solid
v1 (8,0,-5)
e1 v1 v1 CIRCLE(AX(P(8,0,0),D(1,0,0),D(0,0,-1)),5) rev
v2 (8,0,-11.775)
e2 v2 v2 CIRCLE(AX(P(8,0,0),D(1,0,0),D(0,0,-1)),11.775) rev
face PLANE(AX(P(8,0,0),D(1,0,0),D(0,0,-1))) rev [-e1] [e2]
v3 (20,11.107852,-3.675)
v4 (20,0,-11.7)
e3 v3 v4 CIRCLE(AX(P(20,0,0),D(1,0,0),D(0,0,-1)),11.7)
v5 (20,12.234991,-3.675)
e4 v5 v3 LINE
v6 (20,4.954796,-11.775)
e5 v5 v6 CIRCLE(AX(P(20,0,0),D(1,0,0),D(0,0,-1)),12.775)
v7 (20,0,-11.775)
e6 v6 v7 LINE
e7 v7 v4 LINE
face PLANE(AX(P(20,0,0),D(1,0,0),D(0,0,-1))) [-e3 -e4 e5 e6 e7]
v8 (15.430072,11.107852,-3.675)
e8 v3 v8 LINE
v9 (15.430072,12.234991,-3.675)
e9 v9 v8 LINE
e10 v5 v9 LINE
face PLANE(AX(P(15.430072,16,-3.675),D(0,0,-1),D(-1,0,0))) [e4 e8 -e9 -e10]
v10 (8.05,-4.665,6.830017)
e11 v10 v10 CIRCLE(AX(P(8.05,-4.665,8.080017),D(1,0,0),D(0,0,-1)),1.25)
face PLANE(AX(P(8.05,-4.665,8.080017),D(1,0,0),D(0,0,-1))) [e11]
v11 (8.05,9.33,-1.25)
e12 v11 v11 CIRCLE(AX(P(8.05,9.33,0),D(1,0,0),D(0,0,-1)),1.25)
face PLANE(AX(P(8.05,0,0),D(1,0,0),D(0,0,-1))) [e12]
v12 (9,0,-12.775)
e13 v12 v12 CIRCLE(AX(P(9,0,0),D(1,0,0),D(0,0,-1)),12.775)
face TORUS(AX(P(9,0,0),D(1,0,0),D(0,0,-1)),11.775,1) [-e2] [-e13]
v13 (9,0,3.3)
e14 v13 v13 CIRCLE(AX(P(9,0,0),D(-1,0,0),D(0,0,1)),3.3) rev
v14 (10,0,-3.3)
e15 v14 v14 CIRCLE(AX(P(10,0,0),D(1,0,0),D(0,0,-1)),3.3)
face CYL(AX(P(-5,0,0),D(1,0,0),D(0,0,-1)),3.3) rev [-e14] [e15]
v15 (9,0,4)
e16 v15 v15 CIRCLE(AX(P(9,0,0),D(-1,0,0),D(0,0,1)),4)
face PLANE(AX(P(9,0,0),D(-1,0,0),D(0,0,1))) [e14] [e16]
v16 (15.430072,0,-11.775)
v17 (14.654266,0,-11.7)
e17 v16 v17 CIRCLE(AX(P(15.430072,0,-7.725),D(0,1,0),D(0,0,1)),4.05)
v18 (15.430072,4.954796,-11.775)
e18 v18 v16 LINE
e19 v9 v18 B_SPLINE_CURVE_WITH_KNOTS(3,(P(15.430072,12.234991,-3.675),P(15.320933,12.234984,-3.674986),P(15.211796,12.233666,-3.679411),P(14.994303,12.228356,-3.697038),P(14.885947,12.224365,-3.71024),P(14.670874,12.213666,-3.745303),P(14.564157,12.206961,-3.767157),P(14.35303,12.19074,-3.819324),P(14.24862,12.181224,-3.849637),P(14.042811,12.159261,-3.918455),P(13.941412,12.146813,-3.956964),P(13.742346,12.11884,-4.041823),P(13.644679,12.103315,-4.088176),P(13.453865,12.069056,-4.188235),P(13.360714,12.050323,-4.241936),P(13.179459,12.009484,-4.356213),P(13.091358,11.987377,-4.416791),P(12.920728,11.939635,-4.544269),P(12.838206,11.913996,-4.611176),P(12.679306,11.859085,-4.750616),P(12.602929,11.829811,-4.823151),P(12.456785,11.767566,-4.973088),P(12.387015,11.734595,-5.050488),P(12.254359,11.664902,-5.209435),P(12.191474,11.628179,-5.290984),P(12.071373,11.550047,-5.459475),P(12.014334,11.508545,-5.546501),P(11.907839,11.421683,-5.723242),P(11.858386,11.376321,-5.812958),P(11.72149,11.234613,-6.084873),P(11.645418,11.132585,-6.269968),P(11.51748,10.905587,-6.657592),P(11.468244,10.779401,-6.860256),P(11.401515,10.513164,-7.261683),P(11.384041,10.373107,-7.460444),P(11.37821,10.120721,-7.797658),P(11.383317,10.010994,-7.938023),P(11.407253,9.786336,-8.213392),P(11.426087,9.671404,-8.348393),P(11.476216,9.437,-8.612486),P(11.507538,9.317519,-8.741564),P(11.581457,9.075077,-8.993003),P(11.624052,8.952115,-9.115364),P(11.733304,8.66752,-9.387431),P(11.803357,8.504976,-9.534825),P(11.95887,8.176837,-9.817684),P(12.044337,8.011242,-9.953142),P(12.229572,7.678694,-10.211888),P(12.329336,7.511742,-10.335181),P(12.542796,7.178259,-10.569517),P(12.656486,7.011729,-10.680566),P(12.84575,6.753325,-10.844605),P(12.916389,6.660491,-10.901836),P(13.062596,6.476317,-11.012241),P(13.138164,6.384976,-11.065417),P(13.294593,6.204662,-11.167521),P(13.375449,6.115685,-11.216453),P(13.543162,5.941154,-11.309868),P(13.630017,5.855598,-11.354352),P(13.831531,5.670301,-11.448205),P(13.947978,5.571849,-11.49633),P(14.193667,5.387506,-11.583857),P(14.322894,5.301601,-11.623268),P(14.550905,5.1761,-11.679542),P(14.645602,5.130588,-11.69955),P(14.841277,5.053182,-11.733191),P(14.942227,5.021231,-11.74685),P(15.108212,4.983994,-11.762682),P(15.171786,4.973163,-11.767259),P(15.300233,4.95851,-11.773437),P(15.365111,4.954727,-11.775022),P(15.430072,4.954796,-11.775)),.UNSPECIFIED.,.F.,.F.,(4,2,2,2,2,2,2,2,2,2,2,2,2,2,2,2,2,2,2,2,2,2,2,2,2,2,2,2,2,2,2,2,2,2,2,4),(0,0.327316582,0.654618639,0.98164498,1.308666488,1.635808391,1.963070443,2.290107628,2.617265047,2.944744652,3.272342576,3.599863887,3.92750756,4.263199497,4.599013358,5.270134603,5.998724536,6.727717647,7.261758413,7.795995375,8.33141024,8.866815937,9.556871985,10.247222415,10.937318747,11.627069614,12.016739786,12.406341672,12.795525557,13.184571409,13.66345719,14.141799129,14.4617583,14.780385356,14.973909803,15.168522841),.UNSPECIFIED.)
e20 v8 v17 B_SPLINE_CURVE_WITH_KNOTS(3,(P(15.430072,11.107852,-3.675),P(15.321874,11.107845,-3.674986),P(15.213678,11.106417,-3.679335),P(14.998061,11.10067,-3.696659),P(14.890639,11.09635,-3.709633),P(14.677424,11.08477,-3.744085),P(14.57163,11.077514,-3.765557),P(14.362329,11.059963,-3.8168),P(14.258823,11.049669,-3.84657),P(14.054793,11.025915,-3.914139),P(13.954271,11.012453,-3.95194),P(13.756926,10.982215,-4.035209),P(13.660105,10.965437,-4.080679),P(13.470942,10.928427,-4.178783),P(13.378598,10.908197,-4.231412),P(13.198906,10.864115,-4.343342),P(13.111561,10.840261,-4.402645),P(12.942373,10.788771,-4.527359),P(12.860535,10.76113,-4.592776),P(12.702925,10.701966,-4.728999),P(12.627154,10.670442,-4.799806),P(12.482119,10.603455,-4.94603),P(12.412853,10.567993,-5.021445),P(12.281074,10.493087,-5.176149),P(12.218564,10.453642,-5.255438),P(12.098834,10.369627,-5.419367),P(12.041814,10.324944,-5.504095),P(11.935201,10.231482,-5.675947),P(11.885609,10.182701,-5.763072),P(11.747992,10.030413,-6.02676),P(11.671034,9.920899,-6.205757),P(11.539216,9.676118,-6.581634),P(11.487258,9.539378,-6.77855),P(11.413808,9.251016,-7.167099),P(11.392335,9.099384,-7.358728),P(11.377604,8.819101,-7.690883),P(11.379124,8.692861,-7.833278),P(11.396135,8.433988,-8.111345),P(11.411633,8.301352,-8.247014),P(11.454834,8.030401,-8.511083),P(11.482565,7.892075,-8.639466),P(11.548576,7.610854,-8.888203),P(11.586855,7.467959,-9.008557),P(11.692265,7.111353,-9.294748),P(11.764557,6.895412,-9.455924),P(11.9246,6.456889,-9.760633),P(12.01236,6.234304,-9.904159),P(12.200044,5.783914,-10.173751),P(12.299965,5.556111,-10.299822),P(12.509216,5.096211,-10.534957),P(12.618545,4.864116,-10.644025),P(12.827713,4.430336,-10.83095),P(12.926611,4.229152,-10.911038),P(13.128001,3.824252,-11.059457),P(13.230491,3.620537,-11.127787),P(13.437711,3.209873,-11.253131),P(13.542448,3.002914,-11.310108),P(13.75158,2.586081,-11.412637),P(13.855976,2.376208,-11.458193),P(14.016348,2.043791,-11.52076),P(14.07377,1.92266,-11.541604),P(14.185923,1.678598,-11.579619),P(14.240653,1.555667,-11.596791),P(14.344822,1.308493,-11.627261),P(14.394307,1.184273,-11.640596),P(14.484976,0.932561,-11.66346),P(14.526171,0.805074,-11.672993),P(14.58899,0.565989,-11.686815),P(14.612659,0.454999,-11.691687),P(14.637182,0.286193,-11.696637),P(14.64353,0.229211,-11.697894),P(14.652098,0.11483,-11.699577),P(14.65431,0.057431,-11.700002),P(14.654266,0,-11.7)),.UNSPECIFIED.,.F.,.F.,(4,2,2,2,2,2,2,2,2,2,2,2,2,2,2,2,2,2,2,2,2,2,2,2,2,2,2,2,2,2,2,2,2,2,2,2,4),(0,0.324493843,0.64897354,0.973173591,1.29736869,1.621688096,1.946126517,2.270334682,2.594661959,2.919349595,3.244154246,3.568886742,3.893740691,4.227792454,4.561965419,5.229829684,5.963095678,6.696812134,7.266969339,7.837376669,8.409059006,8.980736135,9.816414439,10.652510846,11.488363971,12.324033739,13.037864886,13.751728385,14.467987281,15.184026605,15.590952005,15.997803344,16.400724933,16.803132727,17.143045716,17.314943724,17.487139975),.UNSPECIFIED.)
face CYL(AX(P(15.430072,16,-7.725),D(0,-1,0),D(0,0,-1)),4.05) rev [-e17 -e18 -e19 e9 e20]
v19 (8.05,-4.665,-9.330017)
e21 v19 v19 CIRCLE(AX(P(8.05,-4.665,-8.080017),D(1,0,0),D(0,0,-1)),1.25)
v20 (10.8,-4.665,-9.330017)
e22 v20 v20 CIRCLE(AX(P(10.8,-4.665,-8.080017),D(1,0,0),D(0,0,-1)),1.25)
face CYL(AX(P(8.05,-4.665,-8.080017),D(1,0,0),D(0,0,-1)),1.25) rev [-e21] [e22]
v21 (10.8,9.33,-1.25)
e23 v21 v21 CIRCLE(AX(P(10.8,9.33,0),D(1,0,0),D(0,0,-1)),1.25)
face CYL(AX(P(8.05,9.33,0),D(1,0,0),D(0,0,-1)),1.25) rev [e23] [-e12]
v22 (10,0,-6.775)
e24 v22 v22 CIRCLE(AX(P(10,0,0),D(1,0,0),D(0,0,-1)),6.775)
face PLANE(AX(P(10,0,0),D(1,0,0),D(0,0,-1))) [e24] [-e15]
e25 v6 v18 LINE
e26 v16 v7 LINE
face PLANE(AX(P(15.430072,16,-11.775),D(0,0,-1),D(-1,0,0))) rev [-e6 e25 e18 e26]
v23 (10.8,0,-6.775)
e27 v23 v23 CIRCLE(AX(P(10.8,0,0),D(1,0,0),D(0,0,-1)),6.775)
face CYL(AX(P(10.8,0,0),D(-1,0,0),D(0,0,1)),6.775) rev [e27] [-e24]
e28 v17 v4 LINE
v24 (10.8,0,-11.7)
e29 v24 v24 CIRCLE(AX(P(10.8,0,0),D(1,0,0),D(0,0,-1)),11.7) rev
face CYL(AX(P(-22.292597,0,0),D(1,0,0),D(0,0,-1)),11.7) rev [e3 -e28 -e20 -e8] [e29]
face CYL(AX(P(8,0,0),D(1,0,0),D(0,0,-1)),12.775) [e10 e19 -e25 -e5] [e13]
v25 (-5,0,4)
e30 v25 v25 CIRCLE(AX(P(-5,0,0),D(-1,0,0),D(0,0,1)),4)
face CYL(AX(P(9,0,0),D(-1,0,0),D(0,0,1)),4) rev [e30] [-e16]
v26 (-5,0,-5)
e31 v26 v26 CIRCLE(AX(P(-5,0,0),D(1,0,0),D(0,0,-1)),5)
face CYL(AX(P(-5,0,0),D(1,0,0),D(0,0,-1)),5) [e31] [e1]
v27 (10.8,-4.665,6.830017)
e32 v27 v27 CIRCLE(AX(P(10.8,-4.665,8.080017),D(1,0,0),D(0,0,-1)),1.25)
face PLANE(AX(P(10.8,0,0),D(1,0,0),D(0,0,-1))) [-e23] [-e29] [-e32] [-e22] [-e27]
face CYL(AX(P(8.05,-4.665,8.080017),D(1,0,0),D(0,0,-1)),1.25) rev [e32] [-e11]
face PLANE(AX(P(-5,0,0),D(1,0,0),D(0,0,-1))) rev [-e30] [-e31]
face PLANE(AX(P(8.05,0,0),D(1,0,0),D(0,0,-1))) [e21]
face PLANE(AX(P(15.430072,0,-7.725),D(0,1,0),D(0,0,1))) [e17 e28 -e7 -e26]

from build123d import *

# Parameters (mm, degrees)
SKETCH3_R                = 5
SKETCH3_R_2              = 3.3
BOSS_EXTRUDE3_DEPTH      = 10
BOSS_EXTRUDE3_DEPTH_BACK = 5
SKETCH10_R               = 12.775
SKETCH10_R_2             = 3.65
BOSS_EXTRUDE5_DEPTH      = 2
SKETCH11_R               = 11.275
SKETCH11_R_2             = 6.775
BOSS_EXTRUDE6_DEPTH      = 0.8
SKETCH12_R               = 1.25
CUT_EXTRUDE2_DEPTH       = 2.75
FILLET3_R                = 1
SKETCH13_R               = 12.775
SKETCH13_R_2             = 11.275
BOSS_EXTRUDE7_DEPTH      = 10
SKETCH14_R               = 11.7
CUT_EXTRUDE3_DEPTH       = 9.2
CUT_EXTRUDE5_DEPTH       = 16
SKETCH16_R               = 4
CUT_EXTRUDE6_DEPTH       = 14


with BuildPart() as part:
    # Sketch3 → Boss-Extrude3 (new body, two sides)
    with BuildSketch(Plane(origin=(0, 0, 0), x_dir=(0, 0, -1), z_dir=(1, 0, 0))) as boss_extrude3_sk:
        Circle(SKETCH3_R)
        Circle(SKETCH3_R_2, mode=Mode.SUBTRACT)
    extrude(amount=BOSS_EXTRUDE3_DEPTH)
    extrude(boss_extrude3_sk.sketch, amount=-BOSS_EXTRUDE3_DEPTH_BACK)

    # Sketch10 → Boss-Extrude5 (add)
    with BuildSketch(Plane(origin=(10, 0, 0), x_dir=(0, 0, -1), z_dir=(1, 0, 0))):
        Circle(SKETCH10_R)
        Circle(SKETCH10_R_2, mode=Mode.SUBTRACT)
    extrude(amount=-BOSS_EXTRUDE5_DEPTH)

    # Sketch11 → Boss-Extrude6 (add)
    with BuildSketch(Plane(origin=(10, 0, 0), x_dir=(0, 0, -1), z_dir=(1, 0, 0))):
        Circle(SKETCH11_R)
        Circle(SKETCH11_R_2, mode=Mode.SUBTRACT)
    extrude(amount=BOSS_EXTRUDE6_DEPTH)

    # Sketch12 → Cut-Extrude2 (cut)
    with BuildSketch(Plane(origin=(10.8, 0, 0), x_dir=(0, 0, -1), z_dir=(1, 0, 0))):
        with BuildLine():
            ThreePointArc((9.330017017, -4.665), (8.705017017, -3.582468245), (7.455017017, -3.582468245))
            Line((7.455017017, -3.582468245), (8.080017017, -4.665))
            Line((8.080017017, -4.665), (6.830017017, -4.665))
            ThreePointArc((6.830017017, -4.665), (8.080017017, -5.915), (9.330017017, -4.665))
        make_face()
        with BuildLine():
            Line((8.080017017, -4.665), (7.455017017, -3.582468245))
            ThreePointArc((7.455017017, -3.582468245), (6.997485263, -4.04), (6.830017017, -4.665))
            Line((6.830017017, -4.665), (8.080017017, -4.665))
        make_face()
        with BuildLine():
            Line((0.625, 8.247468245), (0, 9.33))
            Line((0, 9.33), (-0.625, 8.247468245))
            ThreePointArc((-0.625, 8.247468245), (0, 8.08), (0.625, 8.247468245))
        make_face()
        with BuildLine():
            Line((-0.625, 8.247468245), (0, 9.33))
            Line((0, 9.33), (0.625, 8.247468245))
            ThreePointArc((0.625, 8.247468245), (1.082531755, 8.705), (1.25, 9.33))
            ThreePointArc((1.25, 9.33), (-0.625, 10.412531755), (-0.625, 8.247468245))
        make_face()
        with Locations((-8.080017017, -4.665)):
            Circle(SKETCH12_R)
    extrude(amount=-CUT_EXTRUDE2_DEPTH, mode=Mode.SUBTRACT)

    # Fillet3
    fillet3_edges = [part.edges().sort_by_distance(p)[0] for p in [
        (8, 0, 12.775),
    ]]
    fillet(fillet3_edges, radius=FILLET3_R)

    # Sketch13 → Boss-Extrude7 (add)
    with BuildSketch(Plane(origin=(10, 0, 0), x_dir=(0, 0, -1), z_dir=(1, 0, 0))):
        Circle(SKETCH13_R)
        Circle(SKETCH13_R_2, mode=Mode.SUBTRACT)
    extrude(amount=BOSS_EXTRUDE7_DEPTH)

    # Sketch14 → Cut-Extrude3 (cut)
    with BuildSketch(Plane(origin=(20, 0, 0), x_dir=(0, 0, -1), z_dir=(1, 0, 0))):
        Circle(SKETCH14_R)
    extrude(amount=-CUT_EXTRUDE3_DEPTH, mode=Mode.SUBTRACT)

    # Sketch15 → Cut-Extrude5 (cut)
    with BuildSketch(Plane(origin=(0, 0, 0), x_dir=(1, 0, 0), z_dir=(0, 1, 0))):
        with BuildLine():
            Line((15.430071931, 3.675), (20, 3.675))
            Line((20, 3.675), (20, 11.775))
            Line((20, 11.775), (15.430071931, 11.775))
            ThreePointArc((15.430071931, 11.775), (11.380071931, 7.725), (15.430071931, 3.675))
        make_face()
    extrude(amount=CUT_EXTRUDE5_DEPTH, mode=Mode.SUBTRACT)

    # Sketch16 → Cut-Extrude6 (cut)
    with BuildSketch(Plane.ZY.offset(5)):
        Circle(SKETCH16_R)
    extrude(amount=-CUT_EXTRUDE6_DEPTH, mode=Mode.SUBTRACT)


solid = part.part
